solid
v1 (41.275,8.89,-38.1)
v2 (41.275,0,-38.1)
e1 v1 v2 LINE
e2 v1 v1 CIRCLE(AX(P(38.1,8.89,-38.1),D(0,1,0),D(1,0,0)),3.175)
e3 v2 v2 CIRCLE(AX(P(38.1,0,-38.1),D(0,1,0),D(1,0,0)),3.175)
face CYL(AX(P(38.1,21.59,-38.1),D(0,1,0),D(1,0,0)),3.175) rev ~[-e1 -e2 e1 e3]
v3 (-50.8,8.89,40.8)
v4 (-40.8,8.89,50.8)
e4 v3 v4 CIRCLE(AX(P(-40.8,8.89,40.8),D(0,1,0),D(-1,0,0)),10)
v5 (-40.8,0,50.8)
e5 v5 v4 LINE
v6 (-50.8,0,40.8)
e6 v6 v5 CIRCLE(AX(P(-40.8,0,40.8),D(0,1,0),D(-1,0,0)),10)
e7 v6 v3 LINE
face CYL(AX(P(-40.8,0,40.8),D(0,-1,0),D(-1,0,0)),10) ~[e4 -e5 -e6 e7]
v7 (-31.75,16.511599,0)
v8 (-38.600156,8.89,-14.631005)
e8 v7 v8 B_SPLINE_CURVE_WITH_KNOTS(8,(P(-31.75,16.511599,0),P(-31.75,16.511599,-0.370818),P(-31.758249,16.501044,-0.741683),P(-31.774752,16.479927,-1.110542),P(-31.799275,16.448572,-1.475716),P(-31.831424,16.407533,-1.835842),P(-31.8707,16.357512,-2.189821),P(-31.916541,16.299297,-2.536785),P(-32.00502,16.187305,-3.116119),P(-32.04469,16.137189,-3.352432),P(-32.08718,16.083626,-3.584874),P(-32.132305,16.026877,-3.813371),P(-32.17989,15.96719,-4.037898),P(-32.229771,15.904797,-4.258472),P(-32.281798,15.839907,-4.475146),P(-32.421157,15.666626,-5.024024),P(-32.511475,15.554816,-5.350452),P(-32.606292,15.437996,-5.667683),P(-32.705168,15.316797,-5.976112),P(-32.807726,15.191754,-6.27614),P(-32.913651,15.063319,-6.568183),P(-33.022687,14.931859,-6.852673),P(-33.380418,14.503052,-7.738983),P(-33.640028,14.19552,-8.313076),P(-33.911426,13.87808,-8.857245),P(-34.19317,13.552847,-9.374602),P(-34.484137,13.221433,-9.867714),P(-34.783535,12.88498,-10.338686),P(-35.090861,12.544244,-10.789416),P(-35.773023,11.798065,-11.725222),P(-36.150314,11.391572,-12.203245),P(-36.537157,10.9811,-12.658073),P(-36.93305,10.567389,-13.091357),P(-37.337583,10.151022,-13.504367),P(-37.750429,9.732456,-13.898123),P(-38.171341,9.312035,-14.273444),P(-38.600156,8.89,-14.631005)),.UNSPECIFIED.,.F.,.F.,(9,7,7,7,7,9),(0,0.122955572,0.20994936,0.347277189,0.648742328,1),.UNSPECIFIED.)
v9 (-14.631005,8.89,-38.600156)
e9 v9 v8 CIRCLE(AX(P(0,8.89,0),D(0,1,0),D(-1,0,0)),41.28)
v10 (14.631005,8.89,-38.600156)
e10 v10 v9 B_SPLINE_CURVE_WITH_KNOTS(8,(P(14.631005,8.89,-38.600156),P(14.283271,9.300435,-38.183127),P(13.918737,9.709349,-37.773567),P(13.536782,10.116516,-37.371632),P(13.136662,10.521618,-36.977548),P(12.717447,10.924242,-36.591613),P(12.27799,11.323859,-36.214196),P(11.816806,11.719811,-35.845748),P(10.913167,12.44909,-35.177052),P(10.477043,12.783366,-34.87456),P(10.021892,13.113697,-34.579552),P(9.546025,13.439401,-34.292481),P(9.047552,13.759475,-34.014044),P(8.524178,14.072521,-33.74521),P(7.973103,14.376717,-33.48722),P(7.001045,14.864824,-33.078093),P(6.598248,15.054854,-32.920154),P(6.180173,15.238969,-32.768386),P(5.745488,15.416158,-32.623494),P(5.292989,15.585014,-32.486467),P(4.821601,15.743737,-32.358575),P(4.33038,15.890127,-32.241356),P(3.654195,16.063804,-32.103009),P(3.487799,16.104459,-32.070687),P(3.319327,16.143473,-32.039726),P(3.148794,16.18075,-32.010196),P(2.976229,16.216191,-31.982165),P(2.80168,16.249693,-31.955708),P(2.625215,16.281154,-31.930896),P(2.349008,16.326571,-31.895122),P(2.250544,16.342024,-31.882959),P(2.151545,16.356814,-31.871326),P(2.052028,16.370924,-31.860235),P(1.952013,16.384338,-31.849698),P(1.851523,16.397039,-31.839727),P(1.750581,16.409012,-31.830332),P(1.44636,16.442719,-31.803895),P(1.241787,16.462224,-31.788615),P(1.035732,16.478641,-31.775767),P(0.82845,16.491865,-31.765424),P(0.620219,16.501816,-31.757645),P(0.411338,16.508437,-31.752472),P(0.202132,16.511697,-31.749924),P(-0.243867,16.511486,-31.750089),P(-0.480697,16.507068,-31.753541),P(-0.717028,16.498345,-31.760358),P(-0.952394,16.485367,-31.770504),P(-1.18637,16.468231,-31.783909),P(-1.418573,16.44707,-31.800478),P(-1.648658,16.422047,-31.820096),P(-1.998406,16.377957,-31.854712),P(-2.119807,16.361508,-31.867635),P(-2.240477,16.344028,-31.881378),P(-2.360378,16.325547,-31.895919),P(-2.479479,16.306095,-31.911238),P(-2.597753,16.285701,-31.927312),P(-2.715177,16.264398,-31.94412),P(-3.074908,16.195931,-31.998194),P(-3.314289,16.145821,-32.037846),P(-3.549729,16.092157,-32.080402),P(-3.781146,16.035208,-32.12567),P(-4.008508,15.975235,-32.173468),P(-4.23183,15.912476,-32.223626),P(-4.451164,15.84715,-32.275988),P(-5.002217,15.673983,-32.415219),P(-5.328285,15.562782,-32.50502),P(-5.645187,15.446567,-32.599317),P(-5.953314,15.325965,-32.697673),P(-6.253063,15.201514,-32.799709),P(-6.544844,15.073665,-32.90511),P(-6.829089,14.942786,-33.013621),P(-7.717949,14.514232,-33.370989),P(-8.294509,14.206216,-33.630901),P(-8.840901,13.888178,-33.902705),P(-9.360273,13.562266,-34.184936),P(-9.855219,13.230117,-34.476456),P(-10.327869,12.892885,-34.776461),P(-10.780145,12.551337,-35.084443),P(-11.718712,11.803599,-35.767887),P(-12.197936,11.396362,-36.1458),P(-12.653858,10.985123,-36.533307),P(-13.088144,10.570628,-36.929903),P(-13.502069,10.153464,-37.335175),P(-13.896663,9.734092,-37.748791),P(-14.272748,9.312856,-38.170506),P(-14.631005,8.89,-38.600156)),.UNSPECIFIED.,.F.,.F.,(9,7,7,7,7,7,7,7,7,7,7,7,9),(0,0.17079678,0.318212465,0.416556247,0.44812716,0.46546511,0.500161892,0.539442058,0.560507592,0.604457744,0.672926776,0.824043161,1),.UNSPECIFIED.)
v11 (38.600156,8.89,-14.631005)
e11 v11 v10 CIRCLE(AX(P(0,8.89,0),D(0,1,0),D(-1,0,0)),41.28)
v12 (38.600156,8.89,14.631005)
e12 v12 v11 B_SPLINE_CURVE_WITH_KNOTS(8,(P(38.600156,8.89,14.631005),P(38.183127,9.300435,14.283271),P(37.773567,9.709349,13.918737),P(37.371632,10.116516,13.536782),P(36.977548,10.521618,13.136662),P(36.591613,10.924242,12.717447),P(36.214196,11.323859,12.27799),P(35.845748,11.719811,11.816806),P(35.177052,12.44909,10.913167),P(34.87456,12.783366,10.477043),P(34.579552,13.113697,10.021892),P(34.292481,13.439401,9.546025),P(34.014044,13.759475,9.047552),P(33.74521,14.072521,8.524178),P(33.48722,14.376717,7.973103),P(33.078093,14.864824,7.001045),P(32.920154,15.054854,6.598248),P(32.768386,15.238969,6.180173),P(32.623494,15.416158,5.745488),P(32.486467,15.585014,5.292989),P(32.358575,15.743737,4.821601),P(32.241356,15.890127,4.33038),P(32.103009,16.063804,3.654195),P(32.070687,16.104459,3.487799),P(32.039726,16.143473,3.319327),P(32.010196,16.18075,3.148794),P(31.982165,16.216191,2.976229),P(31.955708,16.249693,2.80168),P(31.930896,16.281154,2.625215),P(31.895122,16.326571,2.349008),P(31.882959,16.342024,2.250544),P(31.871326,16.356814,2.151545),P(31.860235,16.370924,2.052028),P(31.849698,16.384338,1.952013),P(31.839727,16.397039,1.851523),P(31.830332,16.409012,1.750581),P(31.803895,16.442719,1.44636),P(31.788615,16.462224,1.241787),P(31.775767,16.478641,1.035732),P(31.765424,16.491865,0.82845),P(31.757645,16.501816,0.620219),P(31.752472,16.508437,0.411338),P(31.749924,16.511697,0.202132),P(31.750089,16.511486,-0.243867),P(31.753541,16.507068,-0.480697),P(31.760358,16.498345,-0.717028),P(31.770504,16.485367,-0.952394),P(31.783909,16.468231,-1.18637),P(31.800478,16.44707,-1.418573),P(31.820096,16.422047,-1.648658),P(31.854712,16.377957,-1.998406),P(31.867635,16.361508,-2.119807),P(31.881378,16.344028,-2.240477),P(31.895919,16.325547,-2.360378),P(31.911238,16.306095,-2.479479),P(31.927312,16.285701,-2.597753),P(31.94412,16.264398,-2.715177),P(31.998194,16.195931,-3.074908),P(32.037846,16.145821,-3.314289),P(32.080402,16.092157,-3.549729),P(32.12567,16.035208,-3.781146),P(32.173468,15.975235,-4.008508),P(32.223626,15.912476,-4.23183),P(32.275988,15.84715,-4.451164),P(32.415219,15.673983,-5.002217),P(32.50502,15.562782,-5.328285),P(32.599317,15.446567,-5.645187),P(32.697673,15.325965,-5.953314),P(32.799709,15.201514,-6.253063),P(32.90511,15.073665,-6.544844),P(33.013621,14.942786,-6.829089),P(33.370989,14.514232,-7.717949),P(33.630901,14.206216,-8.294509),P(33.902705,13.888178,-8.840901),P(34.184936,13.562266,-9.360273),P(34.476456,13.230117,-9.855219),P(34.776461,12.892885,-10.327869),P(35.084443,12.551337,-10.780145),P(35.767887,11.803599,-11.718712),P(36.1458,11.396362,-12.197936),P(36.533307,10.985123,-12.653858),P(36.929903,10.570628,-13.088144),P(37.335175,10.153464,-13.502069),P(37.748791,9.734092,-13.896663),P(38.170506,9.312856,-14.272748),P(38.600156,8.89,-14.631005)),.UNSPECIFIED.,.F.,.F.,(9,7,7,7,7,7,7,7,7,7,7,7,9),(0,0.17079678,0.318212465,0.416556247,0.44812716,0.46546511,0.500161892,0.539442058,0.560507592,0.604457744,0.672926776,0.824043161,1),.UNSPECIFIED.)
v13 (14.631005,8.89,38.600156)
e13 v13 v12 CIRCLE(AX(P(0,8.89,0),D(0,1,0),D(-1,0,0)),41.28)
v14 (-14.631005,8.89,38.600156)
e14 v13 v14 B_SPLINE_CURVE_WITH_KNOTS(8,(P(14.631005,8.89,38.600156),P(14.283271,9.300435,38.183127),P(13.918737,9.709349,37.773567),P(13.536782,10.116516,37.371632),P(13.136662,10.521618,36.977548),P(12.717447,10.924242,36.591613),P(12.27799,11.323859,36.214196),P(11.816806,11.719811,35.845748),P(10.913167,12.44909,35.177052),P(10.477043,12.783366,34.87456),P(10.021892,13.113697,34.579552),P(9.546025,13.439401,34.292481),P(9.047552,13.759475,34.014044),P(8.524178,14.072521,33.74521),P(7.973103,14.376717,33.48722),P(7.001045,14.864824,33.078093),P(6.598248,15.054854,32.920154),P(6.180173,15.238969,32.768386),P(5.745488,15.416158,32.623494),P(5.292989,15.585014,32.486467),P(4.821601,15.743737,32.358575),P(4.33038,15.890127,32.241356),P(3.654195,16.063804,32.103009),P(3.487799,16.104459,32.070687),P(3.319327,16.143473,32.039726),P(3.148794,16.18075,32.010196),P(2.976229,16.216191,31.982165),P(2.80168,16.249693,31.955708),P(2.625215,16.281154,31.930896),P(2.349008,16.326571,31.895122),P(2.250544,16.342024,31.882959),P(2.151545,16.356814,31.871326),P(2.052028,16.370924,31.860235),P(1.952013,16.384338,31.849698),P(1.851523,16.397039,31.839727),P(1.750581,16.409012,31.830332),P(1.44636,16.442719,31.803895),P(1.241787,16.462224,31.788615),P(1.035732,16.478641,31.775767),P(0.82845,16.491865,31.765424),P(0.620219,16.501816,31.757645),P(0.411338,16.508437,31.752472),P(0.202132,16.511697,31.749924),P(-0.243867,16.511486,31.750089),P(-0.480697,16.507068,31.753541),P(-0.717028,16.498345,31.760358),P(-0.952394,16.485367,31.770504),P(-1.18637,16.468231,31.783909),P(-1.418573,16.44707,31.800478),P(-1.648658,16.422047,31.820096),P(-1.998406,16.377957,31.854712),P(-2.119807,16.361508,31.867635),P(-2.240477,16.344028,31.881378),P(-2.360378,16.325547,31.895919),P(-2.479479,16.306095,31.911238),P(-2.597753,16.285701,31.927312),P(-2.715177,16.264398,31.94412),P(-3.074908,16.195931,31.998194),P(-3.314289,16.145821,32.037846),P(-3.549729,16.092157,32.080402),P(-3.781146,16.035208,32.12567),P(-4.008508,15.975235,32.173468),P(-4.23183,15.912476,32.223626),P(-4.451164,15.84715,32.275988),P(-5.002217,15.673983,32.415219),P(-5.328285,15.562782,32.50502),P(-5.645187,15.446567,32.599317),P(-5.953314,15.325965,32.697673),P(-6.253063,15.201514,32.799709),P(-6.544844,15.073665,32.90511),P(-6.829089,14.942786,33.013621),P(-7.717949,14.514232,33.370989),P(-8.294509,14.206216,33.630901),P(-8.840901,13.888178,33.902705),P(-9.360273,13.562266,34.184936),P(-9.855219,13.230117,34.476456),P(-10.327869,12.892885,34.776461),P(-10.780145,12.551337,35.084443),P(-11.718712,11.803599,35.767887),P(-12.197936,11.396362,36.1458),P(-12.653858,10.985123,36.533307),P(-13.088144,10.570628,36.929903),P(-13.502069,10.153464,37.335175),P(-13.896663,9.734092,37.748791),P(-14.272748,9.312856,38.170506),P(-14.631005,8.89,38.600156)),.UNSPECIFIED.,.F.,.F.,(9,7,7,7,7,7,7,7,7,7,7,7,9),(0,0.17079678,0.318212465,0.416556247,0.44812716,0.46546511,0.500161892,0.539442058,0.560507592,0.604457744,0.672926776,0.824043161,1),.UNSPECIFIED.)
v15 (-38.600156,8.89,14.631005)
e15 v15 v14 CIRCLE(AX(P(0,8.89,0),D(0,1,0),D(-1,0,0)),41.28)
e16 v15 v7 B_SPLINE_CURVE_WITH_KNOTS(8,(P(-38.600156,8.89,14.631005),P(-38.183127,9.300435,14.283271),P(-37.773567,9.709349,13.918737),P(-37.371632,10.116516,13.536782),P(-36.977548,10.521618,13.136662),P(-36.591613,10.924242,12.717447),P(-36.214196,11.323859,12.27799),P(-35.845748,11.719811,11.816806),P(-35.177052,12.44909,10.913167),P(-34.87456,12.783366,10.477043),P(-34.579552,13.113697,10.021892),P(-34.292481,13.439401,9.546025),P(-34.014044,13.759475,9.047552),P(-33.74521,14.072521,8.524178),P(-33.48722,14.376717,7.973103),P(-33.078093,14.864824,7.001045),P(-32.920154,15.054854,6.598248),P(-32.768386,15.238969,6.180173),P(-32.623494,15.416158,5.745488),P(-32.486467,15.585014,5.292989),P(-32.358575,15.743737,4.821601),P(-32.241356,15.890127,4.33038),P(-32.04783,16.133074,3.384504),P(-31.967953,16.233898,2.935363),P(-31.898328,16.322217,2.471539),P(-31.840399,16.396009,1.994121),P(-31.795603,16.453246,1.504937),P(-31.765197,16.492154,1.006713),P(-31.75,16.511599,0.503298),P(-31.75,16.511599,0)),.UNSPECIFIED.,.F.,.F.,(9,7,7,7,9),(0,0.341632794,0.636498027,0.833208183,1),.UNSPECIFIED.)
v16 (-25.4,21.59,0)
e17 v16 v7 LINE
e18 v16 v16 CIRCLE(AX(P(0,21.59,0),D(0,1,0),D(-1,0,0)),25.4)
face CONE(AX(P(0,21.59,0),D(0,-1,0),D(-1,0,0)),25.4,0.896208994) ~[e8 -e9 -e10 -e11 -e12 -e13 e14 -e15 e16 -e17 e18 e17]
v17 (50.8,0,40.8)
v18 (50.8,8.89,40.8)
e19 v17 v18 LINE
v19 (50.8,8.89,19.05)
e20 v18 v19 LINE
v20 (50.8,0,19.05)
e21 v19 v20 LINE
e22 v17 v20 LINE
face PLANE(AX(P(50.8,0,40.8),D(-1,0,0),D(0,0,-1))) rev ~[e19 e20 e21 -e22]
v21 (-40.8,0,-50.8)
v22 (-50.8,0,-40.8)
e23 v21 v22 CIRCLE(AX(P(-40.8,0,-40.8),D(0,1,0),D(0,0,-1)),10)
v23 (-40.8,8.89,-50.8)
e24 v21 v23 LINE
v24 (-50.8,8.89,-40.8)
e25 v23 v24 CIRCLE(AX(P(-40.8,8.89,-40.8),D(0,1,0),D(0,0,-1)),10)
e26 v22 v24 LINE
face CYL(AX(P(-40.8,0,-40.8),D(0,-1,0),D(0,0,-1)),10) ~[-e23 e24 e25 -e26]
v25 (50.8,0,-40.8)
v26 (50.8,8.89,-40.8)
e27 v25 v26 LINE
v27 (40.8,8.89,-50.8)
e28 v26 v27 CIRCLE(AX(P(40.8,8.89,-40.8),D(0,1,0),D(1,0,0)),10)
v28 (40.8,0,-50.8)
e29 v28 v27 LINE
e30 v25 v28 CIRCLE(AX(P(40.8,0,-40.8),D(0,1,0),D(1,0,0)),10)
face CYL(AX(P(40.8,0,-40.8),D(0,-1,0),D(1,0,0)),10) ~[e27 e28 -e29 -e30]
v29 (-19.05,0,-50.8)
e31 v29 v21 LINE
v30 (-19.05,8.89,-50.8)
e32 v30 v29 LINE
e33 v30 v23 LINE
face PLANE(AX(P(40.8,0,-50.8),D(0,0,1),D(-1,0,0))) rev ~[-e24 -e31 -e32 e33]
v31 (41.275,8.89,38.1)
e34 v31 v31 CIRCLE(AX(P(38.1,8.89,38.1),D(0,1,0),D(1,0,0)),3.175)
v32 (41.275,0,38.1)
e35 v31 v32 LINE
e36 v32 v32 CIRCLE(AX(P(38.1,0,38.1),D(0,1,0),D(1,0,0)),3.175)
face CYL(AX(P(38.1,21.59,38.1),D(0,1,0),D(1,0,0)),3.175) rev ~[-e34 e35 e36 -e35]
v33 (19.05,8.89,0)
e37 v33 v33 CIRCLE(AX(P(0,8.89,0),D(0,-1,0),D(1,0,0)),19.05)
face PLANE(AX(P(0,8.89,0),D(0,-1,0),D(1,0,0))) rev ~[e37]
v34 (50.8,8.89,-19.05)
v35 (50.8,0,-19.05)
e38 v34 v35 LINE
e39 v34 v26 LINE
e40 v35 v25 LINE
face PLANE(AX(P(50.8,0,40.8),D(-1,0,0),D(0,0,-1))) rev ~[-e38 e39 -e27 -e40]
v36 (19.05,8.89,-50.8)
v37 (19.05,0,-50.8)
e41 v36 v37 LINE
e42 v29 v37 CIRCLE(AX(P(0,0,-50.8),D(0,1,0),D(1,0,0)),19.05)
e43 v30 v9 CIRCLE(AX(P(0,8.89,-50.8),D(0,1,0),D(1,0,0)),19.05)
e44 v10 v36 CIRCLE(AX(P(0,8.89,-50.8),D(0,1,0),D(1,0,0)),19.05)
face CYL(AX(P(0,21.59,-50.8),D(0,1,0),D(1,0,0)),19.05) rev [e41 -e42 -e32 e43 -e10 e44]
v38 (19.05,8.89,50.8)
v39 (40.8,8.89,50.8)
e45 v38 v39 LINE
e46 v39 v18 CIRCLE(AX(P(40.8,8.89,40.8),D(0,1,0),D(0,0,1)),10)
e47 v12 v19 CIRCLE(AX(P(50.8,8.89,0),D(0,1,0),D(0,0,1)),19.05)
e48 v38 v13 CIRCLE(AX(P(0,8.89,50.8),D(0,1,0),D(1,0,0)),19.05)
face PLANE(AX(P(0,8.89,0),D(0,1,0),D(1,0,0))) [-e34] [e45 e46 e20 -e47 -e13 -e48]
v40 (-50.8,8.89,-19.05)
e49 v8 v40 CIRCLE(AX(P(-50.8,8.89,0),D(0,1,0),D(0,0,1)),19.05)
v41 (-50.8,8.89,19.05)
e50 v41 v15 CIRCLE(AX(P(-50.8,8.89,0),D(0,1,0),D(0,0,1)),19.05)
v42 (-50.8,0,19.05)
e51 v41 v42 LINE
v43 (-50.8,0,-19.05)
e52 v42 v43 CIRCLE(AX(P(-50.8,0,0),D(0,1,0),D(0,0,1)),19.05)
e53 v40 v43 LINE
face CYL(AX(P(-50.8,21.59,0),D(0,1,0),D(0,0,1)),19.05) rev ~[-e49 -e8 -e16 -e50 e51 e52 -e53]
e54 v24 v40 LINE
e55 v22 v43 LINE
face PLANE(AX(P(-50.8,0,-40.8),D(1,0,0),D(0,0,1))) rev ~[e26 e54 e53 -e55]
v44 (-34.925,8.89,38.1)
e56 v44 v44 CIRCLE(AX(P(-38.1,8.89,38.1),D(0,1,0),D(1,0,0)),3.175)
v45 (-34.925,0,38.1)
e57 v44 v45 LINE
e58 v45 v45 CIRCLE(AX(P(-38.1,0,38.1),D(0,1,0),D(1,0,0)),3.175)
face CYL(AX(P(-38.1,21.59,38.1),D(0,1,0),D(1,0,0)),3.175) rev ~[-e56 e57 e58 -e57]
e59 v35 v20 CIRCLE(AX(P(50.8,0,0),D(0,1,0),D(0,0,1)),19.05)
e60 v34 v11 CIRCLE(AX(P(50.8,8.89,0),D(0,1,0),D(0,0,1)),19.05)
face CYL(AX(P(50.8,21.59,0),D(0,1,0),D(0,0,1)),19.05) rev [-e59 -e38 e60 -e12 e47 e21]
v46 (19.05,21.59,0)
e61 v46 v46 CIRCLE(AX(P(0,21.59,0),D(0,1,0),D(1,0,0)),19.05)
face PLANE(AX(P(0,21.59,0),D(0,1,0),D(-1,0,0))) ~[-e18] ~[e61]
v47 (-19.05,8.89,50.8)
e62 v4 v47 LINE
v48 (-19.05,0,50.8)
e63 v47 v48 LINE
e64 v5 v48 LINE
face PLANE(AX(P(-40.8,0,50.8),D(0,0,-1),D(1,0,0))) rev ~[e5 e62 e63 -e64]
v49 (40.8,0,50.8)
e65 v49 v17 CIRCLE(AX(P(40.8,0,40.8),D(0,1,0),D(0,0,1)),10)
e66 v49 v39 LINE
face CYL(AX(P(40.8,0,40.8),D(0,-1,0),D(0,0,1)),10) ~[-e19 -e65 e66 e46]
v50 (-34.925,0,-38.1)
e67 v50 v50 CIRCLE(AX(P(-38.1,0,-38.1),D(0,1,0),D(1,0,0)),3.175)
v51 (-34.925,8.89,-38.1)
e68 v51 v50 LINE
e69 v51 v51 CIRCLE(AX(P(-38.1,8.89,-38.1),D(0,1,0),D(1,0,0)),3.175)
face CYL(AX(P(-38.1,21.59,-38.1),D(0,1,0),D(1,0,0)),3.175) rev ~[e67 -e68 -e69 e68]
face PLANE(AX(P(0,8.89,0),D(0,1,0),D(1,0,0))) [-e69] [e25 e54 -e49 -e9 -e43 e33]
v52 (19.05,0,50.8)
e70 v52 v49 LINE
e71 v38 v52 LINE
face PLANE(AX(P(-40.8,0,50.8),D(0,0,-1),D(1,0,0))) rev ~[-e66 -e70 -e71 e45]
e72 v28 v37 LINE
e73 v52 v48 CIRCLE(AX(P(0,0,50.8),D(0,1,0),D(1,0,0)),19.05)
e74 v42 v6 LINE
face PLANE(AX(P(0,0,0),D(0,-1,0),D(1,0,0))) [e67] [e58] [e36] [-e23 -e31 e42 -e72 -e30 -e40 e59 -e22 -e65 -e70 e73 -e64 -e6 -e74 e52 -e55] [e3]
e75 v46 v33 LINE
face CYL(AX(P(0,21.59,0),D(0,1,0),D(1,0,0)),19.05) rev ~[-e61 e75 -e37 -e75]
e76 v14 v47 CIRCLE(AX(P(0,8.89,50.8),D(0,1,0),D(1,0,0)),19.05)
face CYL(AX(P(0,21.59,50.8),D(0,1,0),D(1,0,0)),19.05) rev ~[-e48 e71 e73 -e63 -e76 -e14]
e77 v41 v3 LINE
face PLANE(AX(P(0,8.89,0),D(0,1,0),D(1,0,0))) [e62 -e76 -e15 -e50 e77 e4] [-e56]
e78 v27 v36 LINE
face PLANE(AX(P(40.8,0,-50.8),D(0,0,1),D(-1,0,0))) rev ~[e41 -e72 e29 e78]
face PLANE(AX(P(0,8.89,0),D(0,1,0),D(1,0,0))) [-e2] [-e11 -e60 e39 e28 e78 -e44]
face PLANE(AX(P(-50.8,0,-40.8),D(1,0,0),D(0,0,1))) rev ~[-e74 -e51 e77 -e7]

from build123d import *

# Parameters (mm, degrees)
BOSS_EXTRUDE1_DEPTH = 8.89
SKETCH3_R           = 19.05
SKETCH3_R_2         = 3.175
CUT_EXTRUDE1_DEPTH  = 22.59
SKETCH4_R           = 19.05
BOSS_EXTRUDE3_DEPTH = 8.89


with BuildPart() as part:
    # Sketch1 → Boss-Extrude1 (new body)
    with BuildSketch(Plane(origin=(0, 0, 0), x_dir=(1, 0, 0), z_dir=(0, 1, 0))):
        with BuildLine():
            Line((40.8, 50.8), (-40.8, 50.8))
            ThreePointArc((-40.8, 50.8), (-47.871067812, 47.871067812), (-50.8, 40.8))
            Line((-50.8, 40.8), (-50.8, -40.8))
            ThreePointArc((-50.8, -40.8), (-47.871067812, -47.871067812), (-40.8, -50.8))
            Line((-40.8, -50.8), (40.8, -50.8))
            ThreePointArc((40.8, -50.8), (47.871067812, -47.871067812), (50.8, -40.8))
            Line((50.8, -40.8), (50.8, 40.8))
            ThreePointArc((50.8, 40.8), (47.871067812, 47.871067812), (40.8, 50.8))
        make_face()
    extrude(amount=BOSS_EXTRUDE1_DEPTH)

    # Sketch2 → Revolve1 (revolve)
    with BuildSketch(Plane.XY):
        Polygon((0, 8.89), (0, 21.59), (-25.4, 21.59), (-41.28, 8.89), align=None)
    revolve(axis=Axis((0, 8.89, 0), (0, 1, 0)))

    # Sketch3 → Cut-Extrude1 (cut, through all)
    with BuildSketch(Plane(origin=(0, 21.59, 0), x_dir=(1, 0, 0), z_dir=(0, 1, 0))):
        Circle(SKETCH3_R)
        with Locations((-38.1, 38.1)):
            Circle(SKETCH3_R_2)
        with Locations((38.1, 38.1)):
            Circle(SKETCH3_R_2)
        with Locations((38.1, -38.1)):
            Circle(SKETCH3_R_2)
        with Locations((-38.1, -38.1)):
            Circle(SKETCH3_R_2)
        with BuildLine():
            Line((-50.8, 19.05), (-50.8, -19.05))
            ThreePointArc((-50.8, -19.05), (-31.75, 0), (-50.8, 19.05))
        make_face()
        with BuildLine():
            Line((-19.05, 50.8), (19.05, 50.8))
            ThreePointArc((19.05, 50.8), (0, 31.75), (-19.05, 50.8))
        make_face()
        with BuildLine():
            Line((50.8, 19.05), (50.8, -19.05))
            ThreePointArc((50.8, -19.05), (31.75, 0), (50.8, 19.05))
        make_face()
        with BuildLine():
            Line((-19.05, -50.8), (19.05, -50.8))
            ThreePointArc((19.05, -50.8), (0, -31.75), (-19.05, -50.8))
        make_face()
    extrude(amount=-CUT_EXTRUDE1_DEPTH, mode=Mode.SUBTRACT)

    # Sketch4 → Boss-Extrude3 (add)
    with BuildSketch(Plane.XZ):
        Circle(SKETCH4_R)
    extrude(amount=-BOSS_EXTRUDE3_DEPTH)


solid = part.part
